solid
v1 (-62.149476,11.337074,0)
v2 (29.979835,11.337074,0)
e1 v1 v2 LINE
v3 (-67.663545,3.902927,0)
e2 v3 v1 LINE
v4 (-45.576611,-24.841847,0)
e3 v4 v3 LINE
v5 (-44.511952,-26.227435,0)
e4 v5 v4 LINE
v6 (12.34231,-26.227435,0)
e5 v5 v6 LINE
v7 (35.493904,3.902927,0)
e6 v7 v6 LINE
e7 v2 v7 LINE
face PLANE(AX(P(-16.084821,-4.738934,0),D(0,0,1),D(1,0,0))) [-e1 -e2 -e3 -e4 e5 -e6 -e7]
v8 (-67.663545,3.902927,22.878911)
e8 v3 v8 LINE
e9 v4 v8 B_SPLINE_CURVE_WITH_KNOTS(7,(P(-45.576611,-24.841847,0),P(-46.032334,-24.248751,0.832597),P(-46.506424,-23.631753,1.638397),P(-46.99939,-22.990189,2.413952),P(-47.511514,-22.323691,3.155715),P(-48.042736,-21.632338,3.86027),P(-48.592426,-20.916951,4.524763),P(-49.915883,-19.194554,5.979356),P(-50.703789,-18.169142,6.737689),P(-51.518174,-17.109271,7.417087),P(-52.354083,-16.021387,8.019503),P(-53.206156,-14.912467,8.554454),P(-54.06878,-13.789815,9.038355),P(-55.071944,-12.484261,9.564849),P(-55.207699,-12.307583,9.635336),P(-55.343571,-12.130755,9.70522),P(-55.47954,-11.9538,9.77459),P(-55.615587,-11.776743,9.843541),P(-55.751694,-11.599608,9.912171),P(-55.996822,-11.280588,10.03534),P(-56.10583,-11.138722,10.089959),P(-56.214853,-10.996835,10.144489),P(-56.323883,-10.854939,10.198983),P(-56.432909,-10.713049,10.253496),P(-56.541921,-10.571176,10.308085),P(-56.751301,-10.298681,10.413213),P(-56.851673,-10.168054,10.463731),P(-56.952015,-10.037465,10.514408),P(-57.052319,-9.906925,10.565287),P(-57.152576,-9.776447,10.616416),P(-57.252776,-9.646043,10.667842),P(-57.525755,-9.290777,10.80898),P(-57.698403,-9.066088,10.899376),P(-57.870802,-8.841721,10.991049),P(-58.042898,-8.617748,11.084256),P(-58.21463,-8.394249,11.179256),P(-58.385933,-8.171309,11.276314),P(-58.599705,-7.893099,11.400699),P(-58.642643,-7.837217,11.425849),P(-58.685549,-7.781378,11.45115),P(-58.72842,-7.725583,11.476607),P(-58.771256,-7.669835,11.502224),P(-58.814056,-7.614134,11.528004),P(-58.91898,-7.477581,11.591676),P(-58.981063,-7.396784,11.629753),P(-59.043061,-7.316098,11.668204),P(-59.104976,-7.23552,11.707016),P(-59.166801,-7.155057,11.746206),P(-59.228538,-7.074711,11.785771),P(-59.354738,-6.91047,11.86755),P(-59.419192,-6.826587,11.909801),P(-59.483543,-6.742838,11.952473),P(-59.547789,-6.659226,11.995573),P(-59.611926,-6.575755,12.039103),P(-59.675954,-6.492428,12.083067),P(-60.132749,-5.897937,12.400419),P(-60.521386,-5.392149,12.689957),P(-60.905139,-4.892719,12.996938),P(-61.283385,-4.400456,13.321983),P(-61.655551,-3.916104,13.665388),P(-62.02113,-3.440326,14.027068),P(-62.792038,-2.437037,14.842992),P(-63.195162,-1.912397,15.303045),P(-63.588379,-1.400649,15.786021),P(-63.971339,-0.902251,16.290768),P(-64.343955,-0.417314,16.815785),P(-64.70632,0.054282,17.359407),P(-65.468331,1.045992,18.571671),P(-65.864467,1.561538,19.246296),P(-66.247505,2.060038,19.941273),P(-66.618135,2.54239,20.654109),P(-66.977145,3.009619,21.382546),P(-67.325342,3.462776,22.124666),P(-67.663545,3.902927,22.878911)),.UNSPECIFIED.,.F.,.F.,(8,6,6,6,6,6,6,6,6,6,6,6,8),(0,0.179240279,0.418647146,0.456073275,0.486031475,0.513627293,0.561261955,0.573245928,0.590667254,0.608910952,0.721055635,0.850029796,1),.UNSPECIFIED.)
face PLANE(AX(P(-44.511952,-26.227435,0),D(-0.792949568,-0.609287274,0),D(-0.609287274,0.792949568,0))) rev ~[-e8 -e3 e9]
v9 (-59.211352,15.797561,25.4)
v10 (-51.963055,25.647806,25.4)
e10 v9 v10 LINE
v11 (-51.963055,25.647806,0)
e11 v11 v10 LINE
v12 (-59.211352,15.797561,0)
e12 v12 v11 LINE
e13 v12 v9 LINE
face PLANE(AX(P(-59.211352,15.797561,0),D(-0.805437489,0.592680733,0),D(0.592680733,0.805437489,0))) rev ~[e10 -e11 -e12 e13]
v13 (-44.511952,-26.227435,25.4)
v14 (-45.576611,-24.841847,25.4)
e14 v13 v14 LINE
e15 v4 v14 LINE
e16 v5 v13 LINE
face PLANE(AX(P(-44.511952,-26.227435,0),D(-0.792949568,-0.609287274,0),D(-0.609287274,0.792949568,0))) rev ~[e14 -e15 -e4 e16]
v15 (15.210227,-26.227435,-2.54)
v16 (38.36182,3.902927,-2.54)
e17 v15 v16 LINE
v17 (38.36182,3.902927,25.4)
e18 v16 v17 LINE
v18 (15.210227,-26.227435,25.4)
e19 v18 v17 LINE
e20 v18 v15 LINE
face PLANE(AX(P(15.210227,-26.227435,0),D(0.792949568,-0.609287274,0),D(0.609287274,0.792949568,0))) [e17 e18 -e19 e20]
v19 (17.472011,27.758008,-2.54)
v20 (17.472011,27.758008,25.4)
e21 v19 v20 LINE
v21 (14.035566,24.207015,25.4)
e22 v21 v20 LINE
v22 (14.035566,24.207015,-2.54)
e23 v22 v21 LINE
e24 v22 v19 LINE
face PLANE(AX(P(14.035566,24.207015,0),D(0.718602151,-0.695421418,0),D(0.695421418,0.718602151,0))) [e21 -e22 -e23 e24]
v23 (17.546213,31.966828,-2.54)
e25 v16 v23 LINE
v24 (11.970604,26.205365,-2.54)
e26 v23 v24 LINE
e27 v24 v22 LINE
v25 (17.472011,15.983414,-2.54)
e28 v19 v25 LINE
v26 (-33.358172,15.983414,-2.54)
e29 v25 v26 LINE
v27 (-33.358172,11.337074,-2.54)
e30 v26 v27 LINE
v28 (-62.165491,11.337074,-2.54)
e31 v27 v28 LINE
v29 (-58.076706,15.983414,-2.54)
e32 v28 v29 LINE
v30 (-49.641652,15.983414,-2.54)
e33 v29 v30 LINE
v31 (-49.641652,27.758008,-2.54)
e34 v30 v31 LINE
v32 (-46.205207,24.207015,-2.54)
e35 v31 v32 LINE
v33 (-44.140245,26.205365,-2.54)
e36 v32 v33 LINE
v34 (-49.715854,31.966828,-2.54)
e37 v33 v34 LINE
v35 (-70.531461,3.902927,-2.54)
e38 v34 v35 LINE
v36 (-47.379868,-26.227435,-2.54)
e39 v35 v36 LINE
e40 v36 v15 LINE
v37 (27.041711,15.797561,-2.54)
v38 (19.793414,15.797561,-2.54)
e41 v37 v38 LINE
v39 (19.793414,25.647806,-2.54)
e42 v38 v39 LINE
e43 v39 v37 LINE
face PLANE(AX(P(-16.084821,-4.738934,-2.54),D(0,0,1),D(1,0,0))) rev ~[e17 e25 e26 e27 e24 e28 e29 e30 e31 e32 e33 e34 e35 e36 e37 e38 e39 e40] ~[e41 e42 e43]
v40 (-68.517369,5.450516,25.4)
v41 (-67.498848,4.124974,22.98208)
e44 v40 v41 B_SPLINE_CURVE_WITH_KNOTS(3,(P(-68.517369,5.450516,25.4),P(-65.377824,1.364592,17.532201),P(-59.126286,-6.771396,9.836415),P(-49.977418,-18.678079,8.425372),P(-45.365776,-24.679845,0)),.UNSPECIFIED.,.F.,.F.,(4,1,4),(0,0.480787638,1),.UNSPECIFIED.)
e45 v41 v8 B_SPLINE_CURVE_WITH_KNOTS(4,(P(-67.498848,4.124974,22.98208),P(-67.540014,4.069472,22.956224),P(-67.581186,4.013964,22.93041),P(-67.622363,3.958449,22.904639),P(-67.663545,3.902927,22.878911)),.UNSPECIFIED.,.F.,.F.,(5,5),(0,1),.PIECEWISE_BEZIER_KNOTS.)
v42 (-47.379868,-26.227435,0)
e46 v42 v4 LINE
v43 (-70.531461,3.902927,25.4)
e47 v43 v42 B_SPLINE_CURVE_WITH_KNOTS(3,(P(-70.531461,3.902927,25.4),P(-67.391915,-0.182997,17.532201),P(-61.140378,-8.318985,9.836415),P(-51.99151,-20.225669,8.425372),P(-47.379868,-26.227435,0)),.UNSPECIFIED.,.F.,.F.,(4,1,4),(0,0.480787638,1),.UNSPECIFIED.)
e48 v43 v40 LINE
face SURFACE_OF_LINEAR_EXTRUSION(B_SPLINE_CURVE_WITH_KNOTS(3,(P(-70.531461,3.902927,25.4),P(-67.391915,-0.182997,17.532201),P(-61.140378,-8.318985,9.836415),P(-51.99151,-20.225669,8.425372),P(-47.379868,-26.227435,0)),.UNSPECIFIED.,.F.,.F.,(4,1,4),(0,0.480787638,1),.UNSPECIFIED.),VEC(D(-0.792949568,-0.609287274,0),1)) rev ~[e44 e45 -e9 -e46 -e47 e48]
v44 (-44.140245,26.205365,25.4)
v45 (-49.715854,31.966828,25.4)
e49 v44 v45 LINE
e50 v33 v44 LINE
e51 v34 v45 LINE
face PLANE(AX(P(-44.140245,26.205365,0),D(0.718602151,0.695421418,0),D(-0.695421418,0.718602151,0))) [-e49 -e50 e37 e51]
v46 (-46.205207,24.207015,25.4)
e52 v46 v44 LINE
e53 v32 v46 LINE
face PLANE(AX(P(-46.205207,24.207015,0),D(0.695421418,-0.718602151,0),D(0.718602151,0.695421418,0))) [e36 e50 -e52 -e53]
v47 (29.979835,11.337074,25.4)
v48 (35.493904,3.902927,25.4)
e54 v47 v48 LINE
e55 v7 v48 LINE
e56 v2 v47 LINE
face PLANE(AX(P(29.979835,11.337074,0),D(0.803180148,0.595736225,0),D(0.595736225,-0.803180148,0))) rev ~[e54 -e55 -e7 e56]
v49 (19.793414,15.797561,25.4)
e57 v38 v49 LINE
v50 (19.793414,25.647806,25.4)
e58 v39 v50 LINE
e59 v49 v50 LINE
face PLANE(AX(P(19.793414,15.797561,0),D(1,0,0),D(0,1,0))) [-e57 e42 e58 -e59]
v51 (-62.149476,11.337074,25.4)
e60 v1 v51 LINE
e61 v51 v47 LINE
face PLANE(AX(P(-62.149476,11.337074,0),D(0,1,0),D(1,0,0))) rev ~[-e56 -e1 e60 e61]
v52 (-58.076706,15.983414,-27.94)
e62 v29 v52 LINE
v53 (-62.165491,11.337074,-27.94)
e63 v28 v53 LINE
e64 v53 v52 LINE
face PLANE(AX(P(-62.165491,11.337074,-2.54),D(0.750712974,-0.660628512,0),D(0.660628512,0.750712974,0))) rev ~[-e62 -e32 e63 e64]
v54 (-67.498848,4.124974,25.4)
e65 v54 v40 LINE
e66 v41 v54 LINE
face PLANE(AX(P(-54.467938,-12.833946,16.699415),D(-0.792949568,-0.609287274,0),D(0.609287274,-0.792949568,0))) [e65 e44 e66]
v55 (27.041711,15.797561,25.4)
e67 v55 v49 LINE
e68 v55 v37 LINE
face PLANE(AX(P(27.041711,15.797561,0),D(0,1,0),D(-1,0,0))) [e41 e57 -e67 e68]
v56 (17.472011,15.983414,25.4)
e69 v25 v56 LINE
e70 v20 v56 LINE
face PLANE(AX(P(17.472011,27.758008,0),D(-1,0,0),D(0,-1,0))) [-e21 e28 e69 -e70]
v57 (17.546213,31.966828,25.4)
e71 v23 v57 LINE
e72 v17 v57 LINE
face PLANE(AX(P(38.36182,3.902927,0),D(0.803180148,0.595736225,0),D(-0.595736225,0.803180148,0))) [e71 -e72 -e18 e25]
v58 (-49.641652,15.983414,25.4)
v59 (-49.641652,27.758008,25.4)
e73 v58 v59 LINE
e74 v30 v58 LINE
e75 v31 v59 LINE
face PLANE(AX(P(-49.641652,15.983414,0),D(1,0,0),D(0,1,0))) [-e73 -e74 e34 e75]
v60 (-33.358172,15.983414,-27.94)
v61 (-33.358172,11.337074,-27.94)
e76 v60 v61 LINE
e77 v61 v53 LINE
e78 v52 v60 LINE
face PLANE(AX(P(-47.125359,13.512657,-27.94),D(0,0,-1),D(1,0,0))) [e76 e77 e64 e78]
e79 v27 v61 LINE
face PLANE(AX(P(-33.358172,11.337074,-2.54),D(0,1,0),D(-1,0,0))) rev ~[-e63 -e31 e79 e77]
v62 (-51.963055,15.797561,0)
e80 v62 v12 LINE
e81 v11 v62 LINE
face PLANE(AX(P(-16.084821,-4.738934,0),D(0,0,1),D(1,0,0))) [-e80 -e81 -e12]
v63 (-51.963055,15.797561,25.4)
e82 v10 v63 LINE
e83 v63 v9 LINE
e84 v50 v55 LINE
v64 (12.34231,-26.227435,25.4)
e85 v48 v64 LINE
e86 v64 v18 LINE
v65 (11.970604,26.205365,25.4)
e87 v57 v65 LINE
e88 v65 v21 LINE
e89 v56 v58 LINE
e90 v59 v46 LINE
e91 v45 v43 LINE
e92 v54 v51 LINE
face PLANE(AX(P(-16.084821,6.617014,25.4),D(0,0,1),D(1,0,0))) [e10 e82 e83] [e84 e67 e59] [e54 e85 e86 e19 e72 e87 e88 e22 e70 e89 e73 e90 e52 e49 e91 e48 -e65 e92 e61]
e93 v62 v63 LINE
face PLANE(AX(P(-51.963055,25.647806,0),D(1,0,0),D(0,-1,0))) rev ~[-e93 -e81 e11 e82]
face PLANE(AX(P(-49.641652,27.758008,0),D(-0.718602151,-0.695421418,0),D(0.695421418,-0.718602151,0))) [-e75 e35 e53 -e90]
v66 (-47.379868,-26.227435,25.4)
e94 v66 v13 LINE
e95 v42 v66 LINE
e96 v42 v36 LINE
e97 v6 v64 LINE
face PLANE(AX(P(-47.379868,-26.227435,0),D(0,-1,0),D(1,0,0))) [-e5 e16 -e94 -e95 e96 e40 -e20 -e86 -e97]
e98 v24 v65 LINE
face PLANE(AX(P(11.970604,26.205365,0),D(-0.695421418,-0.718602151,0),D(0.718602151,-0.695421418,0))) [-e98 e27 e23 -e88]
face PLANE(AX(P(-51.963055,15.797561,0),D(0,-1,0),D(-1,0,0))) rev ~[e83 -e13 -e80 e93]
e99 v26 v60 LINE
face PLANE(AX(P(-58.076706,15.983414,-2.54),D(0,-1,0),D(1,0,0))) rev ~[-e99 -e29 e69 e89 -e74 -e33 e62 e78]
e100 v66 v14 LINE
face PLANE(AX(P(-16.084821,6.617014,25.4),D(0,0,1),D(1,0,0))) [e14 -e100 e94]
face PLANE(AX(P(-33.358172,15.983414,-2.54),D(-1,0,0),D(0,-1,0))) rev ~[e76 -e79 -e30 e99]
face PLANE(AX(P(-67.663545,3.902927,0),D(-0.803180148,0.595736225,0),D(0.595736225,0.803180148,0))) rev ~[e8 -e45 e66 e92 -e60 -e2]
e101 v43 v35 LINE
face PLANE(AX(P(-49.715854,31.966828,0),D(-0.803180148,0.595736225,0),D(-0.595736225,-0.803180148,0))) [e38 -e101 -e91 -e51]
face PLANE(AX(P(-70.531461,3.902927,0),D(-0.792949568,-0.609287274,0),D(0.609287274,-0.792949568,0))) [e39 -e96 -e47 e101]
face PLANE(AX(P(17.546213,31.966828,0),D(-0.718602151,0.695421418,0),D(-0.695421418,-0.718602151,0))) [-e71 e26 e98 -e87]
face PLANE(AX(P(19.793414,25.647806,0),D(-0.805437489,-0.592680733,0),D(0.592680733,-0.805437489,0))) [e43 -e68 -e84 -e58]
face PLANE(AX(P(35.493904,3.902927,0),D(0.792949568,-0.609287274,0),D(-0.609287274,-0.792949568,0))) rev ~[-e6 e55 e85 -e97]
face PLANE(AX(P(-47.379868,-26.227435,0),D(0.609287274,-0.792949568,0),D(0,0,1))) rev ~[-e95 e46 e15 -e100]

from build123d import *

# Parameters (mm, degrees)
F1_DEPTH = 25.4
F3_DEPTH = 2.54
F4_DEPTH = 2.54
F6_DEPTH = 25.4


with BuildPart() as f1:
    # F0 (on Top) → F1 (new body)
    with BuildSketch(Plane.XY):
        Polygon((35.4939039202, 3.9029268082), (12.342310436, -26.2274350854), (15.2102268336, -26.2274350854), (38.3618203178, 3.9029268082), (17.5462131575, 31.9668278098), (11.970603764, 26.2053646147), (14.0355655072, 24.2070145946), (17.4720109704, 27.7580083355), (17.4720109704, 15.9834139049), (-16.084820535, 15.9834139049), (-49.6416520405, 15.9834139049), (-49.6416520405, 27.7580083355), (-46.2052065773, 24.2070145946), (-44.1402448341, 26.2053646147), (-49.7158542275, 31.9668278098), (-70.5314613879, 3.9029268082), (-47.3798679037, -26.2274350854), (-44.5119515061, -26.2274350854), (-67.6635449903, 3.9029268082), (-62.1494763114, 11.3370735198), (-16.084820535, 11.3370735198), (29.9798352413, 11.3370735198), align=None)
        Polygon((-51.9630546496, 25.6478060037), (-51.9630546496, 15.7975610346), (-59.2113519833, 15.7975610346), align=None, mode=Mode.SUBTRACT)
        Polygon((19.7934135795, 15.7975610346), (19.7934135795, 25.6478060037), (27.0417109132, 15.7975610346), align=None, mode=Mode.SUBTRACT)
    extrude(amount=F1_DEPTH)

    # F2 (on face) → F3 (cut)
    with BuildSketch(Plane(origin=(-42.4623607514, -32.6272654131, 0), x_dir=(0.6092872739, -0.7929495683, 0), z_dir=(-0.7929495683, -0.6092872739, 0))):
        with BuildLine():
            Line((-8.0709172227, 25.4), (-46.0687459593, 25.4))
            add(Edge.make_bspline(
                [(-46.0687459593, 25.4), (-40.915928781, 17.5322014838), (-30.6555183473, 9.8364153651), (-15.6398303807, 8.4253717214), (-8.0709172227, 0)],
                knots=[0, 0, 0, 0, 0.4807876379, 1, 1, 1, 1], degree=3))
            Line((-8.0709172227, 0), (-8.0709172227, 25.4))
        make_face()
    extrude(amount=-F3_DEPTH, mode=Mode.SUBTRACT)

    # F0 (on Top) → F4 (join)
    with BuildSketch(Plane.XY):
        Polygon((-44.5119515061, -26.2274350854), (-16.084820535, -26.2274350854), (12.342310436, -26.2274350854), (35.4939039202, 3.9029268082), (29.9798352413, 11.3370735198), (-16.084820535, 11.3370735198), (-62.1494763114, 11.3370735198), (-67.6635449903, 3.9029268082), align=None)
        Polygon((35.4939039202, 3.9029268082), (12.342310436, -26.2274350854), (15.2102268336, -26.2274350854), (38.3618203178, 3.9029268082), (17.5462131575, 31.9668278098), (11.970603764, 26.2053646147), (14.0355655072, 24.2070145946), (17.4720109704, 27.7580083355), (17.4720109704, 15.9834139049), (-16.084820535, 15.9834139049), (-49.6416520405, 15.9834139049), (-49.6416520405, 27.7580083355), (-46.2052065773, 24.2070145946), (-44.1402448341, 26.2053646147), (-49.7158542275, 31.9668278098), (-70.5314613879, 3.9029268082), (-47.3798679037, -26.2274350854), (-44.5119515061, -26.2274350854), (-67.6635449903, 3.9029268082), (-62.1494763114, 11.3370735198), (-16.084820535, 11.3370735198), (29.9798352413, 11.3370735198), align=None)
        Polygon((-51.9630546496, 25.6478060037), (-51.9630546496, 15.7975610346), (-59.2113519833, 15.7975610346), align=None, mode=Mode.SUBTRACT)
        Polygon((19.7934135795, 15.7975610346), (19.7934135795, 25.6478060037), (27.0417109132, 15.7975610346), align=None, mode=Mode.SUBTRACT)
        Polygon((-59.2113519833, 15.7975610346), (-51.9630546496, 15.7975610346), (-51.9630546496, 25.6478060037), align=None)
    extrude(amount=-F4_DEPTH)

    # F5 (on face) → F6 (join)
    with BuildSketch(Plane(origin=(0, 0, -2.54), x_dir=(1, 0, 0), z_dir=(0, 0, -1))):
        Polygon((-49.6416520405, -15.9834139049), (-33.3581715822, -15.9834139049), (-33.3581715822, -11.3370744511), (-62.1654912829, -11.3370744511), (-58.0767057836, -15.9834139049), align=None)
    extrude(amount=F6_DEPTH)


solid = f1.part
